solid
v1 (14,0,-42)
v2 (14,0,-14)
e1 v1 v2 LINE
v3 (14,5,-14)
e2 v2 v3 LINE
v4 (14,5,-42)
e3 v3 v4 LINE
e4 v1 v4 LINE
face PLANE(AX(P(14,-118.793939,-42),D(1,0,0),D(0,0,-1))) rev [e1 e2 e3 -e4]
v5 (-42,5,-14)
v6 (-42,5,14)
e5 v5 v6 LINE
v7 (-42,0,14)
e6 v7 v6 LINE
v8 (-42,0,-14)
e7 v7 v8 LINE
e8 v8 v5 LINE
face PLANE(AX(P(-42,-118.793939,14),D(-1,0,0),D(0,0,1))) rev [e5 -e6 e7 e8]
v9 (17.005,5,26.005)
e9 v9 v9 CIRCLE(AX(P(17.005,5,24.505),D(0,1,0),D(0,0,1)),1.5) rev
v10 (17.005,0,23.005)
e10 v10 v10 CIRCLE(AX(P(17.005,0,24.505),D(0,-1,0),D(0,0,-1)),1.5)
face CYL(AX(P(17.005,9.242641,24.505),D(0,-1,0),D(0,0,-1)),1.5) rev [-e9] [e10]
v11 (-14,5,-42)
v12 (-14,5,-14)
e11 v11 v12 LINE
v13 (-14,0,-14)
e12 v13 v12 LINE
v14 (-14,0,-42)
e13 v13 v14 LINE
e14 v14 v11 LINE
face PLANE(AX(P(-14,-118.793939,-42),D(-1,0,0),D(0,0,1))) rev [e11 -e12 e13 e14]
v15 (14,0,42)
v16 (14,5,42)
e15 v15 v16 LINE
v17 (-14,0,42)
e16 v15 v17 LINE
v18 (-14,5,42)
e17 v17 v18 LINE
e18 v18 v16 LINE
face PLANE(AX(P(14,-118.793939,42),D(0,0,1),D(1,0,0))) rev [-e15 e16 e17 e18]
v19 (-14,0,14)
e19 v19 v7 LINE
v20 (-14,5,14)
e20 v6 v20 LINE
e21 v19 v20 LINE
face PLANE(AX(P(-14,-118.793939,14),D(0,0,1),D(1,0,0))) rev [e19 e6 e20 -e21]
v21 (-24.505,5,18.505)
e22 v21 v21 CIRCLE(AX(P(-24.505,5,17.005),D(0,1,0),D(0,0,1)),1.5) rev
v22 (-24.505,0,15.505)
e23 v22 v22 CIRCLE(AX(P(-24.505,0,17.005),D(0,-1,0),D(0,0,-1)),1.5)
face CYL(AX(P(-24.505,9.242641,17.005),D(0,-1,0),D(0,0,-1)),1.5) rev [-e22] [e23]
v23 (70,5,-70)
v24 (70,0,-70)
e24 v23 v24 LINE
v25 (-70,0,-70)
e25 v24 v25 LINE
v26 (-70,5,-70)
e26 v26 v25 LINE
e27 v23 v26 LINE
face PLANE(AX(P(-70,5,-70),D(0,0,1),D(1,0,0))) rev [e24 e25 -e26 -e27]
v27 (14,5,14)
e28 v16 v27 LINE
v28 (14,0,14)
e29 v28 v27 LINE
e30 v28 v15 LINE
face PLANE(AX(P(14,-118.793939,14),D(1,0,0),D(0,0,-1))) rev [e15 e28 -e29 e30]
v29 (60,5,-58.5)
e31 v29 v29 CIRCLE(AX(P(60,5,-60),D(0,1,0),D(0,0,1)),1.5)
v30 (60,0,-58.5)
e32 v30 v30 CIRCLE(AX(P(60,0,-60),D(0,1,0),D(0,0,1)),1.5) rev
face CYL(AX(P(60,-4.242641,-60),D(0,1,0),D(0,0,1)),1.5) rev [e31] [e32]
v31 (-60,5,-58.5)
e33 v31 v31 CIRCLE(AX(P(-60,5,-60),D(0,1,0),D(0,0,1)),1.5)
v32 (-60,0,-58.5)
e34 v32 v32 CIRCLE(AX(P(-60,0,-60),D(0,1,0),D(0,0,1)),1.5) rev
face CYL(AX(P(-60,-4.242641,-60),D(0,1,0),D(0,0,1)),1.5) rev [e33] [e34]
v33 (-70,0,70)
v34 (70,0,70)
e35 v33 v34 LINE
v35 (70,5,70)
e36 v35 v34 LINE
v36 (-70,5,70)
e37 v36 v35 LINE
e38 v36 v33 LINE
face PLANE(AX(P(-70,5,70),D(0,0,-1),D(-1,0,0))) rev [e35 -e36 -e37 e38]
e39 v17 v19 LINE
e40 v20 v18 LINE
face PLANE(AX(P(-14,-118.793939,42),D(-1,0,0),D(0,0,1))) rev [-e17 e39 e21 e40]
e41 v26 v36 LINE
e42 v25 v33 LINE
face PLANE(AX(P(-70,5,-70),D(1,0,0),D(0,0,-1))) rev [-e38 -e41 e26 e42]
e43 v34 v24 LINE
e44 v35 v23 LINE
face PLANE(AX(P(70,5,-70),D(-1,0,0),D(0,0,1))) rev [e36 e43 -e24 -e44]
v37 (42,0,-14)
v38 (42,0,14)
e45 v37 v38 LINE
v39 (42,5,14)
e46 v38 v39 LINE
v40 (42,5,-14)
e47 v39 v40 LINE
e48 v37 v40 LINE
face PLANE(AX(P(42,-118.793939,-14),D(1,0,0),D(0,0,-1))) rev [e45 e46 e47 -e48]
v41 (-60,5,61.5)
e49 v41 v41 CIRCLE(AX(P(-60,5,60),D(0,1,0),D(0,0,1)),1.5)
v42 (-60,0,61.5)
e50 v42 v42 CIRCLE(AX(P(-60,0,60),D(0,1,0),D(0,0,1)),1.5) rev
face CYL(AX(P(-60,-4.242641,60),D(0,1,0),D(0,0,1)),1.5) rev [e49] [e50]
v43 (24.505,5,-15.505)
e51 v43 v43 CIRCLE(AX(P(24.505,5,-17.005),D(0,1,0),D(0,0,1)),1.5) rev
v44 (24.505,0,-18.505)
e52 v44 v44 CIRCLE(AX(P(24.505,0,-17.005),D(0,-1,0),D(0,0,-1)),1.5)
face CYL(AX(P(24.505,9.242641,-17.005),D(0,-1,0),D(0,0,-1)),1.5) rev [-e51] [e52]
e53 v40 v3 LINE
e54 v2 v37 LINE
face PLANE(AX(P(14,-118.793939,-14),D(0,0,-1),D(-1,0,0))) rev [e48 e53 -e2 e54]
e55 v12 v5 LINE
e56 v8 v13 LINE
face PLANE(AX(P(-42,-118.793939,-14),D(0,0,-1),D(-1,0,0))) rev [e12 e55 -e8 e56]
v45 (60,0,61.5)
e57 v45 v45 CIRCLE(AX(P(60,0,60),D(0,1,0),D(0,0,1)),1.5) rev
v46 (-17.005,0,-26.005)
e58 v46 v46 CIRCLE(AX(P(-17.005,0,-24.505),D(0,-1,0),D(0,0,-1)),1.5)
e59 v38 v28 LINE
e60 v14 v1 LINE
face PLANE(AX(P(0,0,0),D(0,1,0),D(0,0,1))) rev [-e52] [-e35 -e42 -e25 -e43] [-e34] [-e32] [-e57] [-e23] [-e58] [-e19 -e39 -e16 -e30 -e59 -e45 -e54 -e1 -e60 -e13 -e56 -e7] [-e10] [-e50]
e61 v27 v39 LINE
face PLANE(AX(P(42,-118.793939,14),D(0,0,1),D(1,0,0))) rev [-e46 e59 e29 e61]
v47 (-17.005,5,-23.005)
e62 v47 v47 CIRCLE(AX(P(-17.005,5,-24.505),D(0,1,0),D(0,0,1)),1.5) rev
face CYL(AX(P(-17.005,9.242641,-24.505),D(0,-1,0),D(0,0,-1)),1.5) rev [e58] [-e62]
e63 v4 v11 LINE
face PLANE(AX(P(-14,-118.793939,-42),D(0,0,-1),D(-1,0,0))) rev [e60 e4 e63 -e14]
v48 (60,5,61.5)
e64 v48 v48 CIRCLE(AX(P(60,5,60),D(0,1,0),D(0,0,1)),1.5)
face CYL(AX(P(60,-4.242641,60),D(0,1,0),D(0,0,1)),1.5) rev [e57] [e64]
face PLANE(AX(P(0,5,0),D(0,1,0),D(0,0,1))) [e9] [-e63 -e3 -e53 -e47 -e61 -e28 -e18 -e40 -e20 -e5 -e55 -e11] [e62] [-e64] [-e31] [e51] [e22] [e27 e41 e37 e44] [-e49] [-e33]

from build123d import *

# Parameters (mm, degrees)
SKETCH1_W           = 140
SKETCH1_H           = 140
BOSS_EXTRUDE1_DEPTH = 5
SKETCH2_R           = 1.5
CUT_EXTRUDE1_DEPTH  = 5
CUT_EXTRUDE2_DEPTH  = 5
SKETCH6_R           = 1.5
CUT_EXTRUDE4_DEPTH  = 5


with BuildPart() as part:
    # Sketch1 → Boss-Extrude1 (new body)
    with BuildSketch(Plane(origin=(0, 0, 0), x_dir=(1, 0, 0), z_dir=(0, 1, 0))):
        Rectangle(SKETCH1_W, SKETCH1_H)
    extrude(amount=BOSS_EXTRUDE1_DEPTH)

    # Sketch2 → Cut-Extrude1 (cut)
    with BuildSketch(Plane.XZ):
        with Locations(Location((24.505, -17.005, 0), (0, 0, 270))):
            Circle(SKETCH2_R)
        with Locations(Location((-17.005, -24.505, 0), (0, 0, 270))):
            Circle(SKETCH2_R)
        with Locations(Location((-24.505, 17.005, 0), (0, 0, 270))):
            Circle(SKETCH2_R)
        with Locations(Location((17.005, 24.505, 0), (0, 0, 270))):
            Circle(SKETCH2_R)
    extrude(amount=-CUT_EXTRUDE1_DEPTH, mode=Mode.SUBTRACT)

    # Sketch4 → Cut-Extrude2 (cut)
    with BuildSketch(Plane(origin=(0, 5, 0), x_dir=(1, 0, 0), z_dir=(0, 1, 0))):
        Polygon((-14, 42), (14, 42), (14, 14), (42, 14), (42, -14), (14, -14), (14, -42), (-14, -42), (-14, -14), (-42, -14), (-42, 14), (-14, 14), align=None)
    extrude(amount=-CUT_EXTRUDE2_DEPTH, mode=Mode.SUBTRACT)

    # Sketch6 → Cut-Extrude4 (cut)
    with BuildSketch(Plane(origin=(0, 5, 0), x_dir=(1, 0, 0), z_dir=(0, 1, 0))):
        with Locations(Location((-60, 60, 0), (0, 0, 270))):
            Circle(SKETCH6_R)
        with Locations(Location((60, 60, 0), (0, 0, 270))):
            Circle(SKETCH6_R)
        with Locations(Location((60, -60, 0), (0, 0, 270))):
            Circle(SKETCH6_R)
        with Locations(Location((-60, -60, 0), (0, 0, 270))):
            Circle(SKETCH6_R)
    extrude(amount=-CUT_EXTRUDE4_DEPTH, mode=Mode.SUBTRACT)


solid = part.part
